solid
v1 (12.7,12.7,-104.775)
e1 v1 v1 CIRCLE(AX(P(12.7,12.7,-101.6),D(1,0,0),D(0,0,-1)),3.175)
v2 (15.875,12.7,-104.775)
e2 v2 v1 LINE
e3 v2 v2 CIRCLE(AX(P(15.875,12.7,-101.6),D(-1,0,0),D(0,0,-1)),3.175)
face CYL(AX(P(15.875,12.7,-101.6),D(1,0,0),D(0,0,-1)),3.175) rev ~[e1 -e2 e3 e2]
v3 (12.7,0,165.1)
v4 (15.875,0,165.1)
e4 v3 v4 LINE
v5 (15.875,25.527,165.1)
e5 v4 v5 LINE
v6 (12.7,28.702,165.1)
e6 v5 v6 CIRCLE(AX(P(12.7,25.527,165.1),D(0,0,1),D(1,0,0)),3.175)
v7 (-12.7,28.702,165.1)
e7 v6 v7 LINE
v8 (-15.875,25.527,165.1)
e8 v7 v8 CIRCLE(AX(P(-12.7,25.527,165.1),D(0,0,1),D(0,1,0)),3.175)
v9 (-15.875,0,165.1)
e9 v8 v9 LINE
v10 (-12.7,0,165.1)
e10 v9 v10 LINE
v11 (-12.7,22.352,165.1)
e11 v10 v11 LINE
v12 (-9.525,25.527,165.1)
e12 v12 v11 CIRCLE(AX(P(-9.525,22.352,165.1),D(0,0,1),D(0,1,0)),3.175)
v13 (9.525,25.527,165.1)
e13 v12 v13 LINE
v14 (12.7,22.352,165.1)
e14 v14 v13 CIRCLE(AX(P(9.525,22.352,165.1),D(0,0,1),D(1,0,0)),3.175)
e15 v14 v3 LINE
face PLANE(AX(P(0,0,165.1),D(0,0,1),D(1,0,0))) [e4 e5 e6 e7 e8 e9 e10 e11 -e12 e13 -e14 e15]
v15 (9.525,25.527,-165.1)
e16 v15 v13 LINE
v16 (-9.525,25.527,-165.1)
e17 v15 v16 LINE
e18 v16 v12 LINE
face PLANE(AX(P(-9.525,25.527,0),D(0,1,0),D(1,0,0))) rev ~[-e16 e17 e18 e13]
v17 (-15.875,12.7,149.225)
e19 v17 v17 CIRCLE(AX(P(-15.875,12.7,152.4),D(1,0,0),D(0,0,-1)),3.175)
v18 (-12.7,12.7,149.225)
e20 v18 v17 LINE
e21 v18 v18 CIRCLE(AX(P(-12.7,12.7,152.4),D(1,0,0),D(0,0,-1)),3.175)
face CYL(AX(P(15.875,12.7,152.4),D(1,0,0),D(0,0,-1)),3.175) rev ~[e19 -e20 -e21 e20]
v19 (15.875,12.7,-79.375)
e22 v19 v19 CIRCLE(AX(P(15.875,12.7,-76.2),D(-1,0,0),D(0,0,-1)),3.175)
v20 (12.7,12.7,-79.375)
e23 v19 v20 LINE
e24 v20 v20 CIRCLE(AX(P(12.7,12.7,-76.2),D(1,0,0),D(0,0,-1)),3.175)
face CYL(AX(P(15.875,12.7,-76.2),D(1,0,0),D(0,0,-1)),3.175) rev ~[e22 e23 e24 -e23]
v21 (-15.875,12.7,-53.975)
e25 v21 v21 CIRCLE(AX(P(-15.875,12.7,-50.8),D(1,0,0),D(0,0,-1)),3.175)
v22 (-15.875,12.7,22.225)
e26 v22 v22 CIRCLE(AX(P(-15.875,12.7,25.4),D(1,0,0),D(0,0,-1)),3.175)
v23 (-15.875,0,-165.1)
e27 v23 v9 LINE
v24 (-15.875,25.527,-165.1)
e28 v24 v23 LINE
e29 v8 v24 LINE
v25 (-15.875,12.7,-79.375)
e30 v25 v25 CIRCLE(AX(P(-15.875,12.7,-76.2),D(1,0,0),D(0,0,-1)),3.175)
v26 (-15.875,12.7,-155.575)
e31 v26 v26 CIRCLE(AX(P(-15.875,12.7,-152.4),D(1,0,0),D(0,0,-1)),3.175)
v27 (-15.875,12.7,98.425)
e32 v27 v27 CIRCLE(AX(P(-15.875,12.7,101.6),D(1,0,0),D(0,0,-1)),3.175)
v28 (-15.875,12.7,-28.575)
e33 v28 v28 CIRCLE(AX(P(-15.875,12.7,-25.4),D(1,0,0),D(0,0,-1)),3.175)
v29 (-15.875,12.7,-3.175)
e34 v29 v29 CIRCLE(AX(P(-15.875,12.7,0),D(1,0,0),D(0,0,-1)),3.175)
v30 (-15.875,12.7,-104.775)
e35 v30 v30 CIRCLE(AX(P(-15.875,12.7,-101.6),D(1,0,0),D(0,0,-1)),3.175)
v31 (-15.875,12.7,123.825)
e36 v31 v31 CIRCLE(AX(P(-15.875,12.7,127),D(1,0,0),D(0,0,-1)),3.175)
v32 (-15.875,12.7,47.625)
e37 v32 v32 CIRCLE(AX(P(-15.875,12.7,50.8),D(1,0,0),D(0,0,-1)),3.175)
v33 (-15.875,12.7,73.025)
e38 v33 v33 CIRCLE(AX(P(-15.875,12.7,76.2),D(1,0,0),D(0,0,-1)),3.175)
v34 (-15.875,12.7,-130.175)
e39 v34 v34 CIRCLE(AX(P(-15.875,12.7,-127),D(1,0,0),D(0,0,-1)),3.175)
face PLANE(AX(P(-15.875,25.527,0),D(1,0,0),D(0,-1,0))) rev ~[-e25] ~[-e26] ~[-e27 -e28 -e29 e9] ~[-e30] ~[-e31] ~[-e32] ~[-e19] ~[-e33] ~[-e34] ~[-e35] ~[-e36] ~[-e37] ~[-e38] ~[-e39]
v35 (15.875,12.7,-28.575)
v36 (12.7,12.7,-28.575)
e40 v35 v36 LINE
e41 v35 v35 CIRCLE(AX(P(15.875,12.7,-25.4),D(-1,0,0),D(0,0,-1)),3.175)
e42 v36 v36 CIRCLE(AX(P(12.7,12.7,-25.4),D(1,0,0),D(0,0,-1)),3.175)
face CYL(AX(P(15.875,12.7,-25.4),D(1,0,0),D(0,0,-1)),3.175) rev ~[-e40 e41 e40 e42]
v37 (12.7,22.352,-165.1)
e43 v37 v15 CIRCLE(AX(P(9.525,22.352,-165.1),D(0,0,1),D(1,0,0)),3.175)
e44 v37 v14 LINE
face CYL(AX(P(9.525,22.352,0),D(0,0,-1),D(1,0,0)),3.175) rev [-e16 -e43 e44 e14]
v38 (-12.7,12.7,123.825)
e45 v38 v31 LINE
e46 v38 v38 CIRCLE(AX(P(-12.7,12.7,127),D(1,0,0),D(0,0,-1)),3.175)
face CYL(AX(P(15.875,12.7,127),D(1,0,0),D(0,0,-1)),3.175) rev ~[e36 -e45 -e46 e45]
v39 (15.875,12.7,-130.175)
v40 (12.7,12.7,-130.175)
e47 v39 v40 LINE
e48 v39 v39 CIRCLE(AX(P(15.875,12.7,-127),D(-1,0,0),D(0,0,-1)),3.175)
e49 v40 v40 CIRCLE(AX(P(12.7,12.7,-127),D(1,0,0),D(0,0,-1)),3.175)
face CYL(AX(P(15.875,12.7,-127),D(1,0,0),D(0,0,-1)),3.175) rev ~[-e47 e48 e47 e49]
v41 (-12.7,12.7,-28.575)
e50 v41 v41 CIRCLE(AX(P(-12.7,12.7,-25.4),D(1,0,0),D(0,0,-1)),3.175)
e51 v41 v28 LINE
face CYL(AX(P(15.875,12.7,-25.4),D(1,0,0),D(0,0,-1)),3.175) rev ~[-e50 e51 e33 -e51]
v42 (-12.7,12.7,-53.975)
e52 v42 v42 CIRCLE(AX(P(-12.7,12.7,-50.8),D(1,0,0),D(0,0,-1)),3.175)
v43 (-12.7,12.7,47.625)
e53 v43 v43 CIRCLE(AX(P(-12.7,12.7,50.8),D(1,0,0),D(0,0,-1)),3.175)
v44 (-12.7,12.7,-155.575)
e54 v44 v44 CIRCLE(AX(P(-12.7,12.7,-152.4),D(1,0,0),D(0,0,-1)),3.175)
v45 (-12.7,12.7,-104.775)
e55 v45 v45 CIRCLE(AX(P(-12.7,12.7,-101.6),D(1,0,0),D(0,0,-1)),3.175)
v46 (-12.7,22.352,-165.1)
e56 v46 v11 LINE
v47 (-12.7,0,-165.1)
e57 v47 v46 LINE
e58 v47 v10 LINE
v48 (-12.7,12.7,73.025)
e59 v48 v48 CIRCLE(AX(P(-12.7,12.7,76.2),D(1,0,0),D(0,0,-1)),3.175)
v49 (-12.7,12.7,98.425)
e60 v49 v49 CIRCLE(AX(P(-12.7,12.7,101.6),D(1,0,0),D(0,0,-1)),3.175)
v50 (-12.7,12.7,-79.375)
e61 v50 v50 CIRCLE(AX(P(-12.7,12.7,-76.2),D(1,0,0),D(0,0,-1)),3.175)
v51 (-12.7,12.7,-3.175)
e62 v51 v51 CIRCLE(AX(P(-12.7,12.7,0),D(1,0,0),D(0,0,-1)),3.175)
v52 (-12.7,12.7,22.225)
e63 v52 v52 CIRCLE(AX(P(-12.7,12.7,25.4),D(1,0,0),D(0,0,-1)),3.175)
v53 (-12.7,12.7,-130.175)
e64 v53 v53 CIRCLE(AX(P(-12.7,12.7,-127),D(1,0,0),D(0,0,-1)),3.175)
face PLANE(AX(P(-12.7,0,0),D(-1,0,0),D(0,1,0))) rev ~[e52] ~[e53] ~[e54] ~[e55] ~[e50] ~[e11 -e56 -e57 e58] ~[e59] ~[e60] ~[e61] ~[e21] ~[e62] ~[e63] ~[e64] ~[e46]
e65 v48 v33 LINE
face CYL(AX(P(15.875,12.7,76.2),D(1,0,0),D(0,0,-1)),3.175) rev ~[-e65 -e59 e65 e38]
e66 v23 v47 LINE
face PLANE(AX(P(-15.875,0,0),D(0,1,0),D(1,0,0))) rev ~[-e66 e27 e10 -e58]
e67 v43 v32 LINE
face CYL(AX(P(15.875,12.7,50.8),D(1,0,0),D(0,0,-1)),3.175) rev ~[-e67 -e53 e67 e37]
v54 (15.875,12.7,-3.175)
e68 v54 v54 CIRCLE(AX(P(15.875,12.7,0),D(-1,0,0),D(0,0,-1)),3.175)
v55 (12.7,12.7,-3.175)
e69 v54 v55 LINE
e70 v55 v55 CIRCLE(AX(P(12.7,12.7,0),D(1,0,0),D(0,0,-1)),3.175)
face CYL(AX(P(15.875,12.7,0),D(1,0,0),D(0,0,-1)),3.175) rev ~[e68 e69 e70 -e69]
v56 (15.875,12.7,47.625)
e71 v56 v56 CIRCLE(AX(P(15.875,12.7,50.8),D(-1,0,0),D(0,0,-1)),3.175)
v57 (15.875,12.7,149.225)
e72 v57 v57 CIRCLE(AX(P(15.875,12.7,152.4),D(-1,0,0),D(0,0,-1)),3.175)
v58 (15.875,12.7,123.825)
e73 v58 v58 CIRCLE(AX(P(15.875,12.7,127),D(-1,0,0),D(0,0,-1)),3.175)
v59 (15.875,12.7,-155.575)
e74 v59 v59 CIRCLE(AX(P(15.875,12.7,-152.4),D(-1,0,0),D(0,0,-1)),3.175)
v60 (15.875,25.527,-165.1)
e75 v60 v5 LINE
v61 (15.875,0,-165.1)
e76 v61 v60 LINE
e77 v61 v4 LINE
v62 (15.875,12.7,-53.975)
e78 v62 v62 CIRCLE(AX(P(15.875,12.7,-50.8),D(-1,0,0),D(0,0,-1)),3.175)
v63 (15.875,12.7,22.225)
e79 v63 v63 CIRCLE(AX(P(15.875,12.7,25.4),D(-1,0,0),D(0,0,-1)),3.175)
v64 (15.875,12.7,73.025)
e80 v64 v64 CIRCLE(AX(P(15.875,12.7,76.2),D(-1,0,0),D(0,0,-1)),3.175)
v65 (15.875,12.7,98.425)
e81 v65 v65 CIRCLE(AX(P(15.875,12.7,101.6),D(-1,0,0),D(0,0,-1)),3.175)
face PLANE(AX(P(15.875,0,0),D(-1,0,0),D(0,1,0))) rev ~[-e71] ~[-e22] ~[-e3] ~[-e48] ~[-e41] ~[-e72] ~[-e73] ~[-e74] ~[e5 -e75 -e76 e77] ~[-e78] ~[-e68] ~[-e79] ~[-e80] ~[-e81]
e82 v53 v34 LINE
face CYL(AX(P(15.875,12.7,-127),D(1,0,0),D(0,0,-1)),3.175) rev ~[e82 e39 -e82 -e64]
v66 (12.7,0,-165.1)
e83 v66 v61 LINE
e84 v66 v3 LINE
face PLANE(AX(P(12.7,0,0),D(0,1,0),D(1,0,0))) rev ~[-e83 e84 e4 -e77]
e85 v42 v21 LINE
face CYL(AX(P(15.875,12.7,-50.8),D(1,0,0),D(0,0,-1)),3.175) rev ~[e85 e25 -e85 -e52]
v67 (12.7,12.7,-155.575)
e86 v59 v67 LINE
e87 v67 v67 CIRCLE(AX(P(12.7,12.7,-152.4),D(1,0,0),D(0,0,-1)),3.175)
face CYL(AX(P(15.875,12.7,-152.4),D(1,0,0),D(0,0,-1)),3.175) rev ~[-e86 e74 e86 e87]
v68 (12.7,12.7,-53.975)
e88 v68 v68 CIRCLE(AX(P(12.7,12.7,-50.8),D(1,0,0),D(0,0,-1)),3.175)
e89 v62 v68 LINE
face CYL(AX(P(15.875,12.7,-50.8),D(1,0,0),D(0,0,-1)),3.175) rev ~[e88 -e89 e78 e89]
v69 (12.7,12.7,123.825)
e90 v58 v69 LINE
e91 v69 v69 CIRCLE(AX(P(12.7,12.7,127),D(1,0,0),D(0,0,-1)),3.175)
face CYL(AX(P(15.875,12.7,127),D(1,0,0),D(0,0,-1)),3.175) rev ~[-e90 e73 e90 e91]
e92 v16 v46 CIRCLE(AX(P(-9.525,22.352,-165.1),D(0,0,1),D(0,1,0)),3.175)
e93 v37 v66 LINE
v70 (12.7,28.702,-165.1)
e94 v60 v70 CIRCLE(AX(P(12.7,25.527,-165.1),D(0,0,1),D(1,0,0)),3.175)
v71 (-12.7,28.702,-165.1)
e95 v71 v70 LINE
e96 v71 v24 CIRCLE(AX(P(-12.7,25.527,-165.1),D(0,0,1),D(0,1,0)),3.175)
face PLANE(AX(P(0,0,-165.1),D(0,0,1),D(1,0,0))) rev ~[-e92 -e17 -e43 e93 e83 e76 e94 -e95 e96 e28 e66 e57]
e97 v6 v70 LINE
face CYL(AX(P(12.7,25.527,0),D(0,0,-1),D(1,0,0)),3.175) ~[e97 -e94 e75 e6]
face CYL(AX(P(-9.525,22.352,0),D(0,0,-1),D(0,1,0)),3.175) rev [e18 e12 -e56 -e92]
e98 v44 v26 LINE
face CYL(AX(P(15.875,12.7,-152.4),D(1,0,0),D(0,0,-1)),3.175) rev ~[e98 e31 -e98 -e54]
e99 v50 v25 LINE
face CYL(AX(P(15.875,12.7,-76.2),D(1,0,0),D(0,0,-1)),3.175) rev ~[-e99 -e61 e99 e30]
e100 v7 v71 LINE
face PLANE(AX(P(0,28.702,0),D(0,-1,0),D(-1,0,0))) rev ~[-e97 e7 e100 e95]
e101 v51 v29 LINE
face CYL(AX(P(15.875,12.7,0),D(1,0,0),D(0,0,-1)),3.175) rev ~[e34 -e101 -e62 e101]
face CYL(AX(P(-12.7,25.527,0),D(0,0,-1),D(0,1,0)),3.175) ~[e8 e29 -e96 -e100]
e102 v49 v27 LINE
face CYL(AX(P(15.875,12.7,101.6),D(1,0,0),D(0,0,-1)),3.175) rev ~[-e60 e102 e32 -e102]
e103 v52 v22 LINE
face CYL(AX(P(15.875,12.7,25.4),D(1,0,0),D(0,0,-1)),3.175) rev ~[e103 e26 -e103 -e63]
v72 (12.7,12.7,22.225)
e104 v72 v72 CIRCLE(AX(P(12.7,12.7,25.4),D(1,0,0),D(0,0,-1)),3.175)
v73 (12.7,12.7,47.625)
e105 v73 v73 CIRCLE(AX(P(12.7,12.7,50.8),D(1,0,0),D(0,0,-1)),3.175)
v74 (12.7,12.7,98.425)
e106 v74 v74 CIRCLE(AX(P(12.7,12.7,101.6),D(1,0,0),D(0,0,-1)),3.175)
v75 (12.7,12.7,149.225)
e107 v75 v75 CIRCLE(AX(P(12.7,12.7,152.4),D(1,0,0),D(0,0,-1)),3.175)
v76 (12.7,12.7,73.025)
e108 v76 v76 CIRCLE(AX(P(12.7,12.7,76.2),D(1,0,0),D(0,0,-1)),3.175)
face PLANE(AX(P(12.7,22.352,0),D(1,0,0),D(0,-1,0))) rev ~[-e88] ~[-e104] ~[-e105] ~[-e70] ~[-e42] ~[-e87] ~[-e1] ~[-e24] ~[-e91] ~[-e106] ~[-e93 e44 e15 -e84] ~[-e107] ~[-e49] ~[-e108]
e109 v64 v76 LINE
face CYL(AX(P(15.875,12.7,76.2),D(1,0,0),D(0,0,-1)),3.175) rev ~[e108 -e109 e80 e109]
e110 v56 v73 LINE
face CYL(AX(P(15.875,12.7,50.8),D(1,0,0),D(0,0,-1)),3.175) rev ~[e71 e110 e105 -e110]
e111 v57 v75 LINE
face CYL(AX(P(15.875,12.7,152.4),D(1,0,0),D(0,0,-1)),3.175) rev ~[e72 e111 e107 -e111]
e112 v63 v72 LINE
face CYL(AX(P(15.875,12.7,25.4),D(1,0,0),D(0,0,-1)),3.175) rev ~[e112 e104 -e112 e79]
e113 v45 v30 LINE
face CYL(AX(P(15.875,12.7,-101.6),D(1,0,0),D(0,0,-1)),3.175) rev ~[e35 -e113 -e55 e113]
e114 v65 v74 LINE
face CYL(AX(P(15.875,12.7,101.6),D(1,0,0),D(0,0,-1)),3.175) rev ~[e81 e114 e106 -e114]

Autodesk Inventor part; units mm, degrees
ref_plane "YZ Plane" through (0, 0, 0) normal (1, 0, 0) x (0, 1, 0)
ref_plane "XZ Plane" through (0, 0, 0) normal (0, 1, 0) x (-1, 0, 0)
ref_plane "XY Plane" through (0, 0, 0) normal (0, 0, 1) x (1, 0, 0)
sketch "Sketch1" plane through (0, 0, 0) normal (0, 0, 1) x (1, 0, 0)
  line L0 (-15.875, 0) -> (-12.7, 0)
  line L1 (-12.7, 0) -> (-12.7, 22.352)
  line L2 (-9.525, 25.527) -> (9.525, 25.527)
  line L3 (12.7, 22.352) -> (12.7, 0)
  line L4 (12.7, 0) -> (15.875, 0)
  line L5 (15.875, 0) -> (15.875, 25.527)
  line L6 (12.7, 28.702) -> (-12.7, 28.702)
  line L7 (-15.875, 25.527) -> (-15.875, 0)
  arc A0 (-9.525, 25.527) -> (-12.7, 22.352) centre (-9.525, 22.352) ccw
  arc A1 (12.7, 22.352) -> (9.525, 25.527) centre (9.525, 22.352) ccw
  arc A2 (-12.7, 28.702) -> (-15.875, 25.527) centre (-12.7, 25.527) ccw
  arc A3 (15.875, 25.527) -> (12.7, 28.702) centre (12.7, 25.527) ccw
  line L8 (0, 35.2315) -> (0, -5.8719) projected
  point P0 (0, 0)
  dimension "d0" = 28.702
  dimension "d1" = 31.75
  dimension "d2" = 3.175
  dimension "d3" = 3.175
  dimension "d4" = 3.175
extrude "Extrusion1" add sketch "Sketch1" along normal mid plane 330.2
sketch "Sketch4" plane through (15.875, 0, 165.1) normal (1, 0, 0) x (0, 0, -1)
  line L0 (-66.04, 0) -> (396.24, 0) projected
  line L1 (165.1, -5.7404) -> (165.1, 34.4424) projected
  circle A0 centre (165.1, 12.7) radius 3.175
  point P0 (165.1, 0)
  dimension "d35" = 12.7
  dimension "d36" = 0
  dimension "d37" = 6.35
extrude "Extrusion4" cut sketch "Sketch4" against normal up to surface (31.75 mm away)
pattern_linear "Rectangular Pattern3" count 10 spacing 25.4 along (0, 0, 1) count 10 spacing 25.4 along (0, 0, -1) of "Extrusion4"
equation "\"d5\" = SideLength"
equation "\"SideLength\" = 330.2"
properties part number "SideChannel" material "Aluminum 6061"
